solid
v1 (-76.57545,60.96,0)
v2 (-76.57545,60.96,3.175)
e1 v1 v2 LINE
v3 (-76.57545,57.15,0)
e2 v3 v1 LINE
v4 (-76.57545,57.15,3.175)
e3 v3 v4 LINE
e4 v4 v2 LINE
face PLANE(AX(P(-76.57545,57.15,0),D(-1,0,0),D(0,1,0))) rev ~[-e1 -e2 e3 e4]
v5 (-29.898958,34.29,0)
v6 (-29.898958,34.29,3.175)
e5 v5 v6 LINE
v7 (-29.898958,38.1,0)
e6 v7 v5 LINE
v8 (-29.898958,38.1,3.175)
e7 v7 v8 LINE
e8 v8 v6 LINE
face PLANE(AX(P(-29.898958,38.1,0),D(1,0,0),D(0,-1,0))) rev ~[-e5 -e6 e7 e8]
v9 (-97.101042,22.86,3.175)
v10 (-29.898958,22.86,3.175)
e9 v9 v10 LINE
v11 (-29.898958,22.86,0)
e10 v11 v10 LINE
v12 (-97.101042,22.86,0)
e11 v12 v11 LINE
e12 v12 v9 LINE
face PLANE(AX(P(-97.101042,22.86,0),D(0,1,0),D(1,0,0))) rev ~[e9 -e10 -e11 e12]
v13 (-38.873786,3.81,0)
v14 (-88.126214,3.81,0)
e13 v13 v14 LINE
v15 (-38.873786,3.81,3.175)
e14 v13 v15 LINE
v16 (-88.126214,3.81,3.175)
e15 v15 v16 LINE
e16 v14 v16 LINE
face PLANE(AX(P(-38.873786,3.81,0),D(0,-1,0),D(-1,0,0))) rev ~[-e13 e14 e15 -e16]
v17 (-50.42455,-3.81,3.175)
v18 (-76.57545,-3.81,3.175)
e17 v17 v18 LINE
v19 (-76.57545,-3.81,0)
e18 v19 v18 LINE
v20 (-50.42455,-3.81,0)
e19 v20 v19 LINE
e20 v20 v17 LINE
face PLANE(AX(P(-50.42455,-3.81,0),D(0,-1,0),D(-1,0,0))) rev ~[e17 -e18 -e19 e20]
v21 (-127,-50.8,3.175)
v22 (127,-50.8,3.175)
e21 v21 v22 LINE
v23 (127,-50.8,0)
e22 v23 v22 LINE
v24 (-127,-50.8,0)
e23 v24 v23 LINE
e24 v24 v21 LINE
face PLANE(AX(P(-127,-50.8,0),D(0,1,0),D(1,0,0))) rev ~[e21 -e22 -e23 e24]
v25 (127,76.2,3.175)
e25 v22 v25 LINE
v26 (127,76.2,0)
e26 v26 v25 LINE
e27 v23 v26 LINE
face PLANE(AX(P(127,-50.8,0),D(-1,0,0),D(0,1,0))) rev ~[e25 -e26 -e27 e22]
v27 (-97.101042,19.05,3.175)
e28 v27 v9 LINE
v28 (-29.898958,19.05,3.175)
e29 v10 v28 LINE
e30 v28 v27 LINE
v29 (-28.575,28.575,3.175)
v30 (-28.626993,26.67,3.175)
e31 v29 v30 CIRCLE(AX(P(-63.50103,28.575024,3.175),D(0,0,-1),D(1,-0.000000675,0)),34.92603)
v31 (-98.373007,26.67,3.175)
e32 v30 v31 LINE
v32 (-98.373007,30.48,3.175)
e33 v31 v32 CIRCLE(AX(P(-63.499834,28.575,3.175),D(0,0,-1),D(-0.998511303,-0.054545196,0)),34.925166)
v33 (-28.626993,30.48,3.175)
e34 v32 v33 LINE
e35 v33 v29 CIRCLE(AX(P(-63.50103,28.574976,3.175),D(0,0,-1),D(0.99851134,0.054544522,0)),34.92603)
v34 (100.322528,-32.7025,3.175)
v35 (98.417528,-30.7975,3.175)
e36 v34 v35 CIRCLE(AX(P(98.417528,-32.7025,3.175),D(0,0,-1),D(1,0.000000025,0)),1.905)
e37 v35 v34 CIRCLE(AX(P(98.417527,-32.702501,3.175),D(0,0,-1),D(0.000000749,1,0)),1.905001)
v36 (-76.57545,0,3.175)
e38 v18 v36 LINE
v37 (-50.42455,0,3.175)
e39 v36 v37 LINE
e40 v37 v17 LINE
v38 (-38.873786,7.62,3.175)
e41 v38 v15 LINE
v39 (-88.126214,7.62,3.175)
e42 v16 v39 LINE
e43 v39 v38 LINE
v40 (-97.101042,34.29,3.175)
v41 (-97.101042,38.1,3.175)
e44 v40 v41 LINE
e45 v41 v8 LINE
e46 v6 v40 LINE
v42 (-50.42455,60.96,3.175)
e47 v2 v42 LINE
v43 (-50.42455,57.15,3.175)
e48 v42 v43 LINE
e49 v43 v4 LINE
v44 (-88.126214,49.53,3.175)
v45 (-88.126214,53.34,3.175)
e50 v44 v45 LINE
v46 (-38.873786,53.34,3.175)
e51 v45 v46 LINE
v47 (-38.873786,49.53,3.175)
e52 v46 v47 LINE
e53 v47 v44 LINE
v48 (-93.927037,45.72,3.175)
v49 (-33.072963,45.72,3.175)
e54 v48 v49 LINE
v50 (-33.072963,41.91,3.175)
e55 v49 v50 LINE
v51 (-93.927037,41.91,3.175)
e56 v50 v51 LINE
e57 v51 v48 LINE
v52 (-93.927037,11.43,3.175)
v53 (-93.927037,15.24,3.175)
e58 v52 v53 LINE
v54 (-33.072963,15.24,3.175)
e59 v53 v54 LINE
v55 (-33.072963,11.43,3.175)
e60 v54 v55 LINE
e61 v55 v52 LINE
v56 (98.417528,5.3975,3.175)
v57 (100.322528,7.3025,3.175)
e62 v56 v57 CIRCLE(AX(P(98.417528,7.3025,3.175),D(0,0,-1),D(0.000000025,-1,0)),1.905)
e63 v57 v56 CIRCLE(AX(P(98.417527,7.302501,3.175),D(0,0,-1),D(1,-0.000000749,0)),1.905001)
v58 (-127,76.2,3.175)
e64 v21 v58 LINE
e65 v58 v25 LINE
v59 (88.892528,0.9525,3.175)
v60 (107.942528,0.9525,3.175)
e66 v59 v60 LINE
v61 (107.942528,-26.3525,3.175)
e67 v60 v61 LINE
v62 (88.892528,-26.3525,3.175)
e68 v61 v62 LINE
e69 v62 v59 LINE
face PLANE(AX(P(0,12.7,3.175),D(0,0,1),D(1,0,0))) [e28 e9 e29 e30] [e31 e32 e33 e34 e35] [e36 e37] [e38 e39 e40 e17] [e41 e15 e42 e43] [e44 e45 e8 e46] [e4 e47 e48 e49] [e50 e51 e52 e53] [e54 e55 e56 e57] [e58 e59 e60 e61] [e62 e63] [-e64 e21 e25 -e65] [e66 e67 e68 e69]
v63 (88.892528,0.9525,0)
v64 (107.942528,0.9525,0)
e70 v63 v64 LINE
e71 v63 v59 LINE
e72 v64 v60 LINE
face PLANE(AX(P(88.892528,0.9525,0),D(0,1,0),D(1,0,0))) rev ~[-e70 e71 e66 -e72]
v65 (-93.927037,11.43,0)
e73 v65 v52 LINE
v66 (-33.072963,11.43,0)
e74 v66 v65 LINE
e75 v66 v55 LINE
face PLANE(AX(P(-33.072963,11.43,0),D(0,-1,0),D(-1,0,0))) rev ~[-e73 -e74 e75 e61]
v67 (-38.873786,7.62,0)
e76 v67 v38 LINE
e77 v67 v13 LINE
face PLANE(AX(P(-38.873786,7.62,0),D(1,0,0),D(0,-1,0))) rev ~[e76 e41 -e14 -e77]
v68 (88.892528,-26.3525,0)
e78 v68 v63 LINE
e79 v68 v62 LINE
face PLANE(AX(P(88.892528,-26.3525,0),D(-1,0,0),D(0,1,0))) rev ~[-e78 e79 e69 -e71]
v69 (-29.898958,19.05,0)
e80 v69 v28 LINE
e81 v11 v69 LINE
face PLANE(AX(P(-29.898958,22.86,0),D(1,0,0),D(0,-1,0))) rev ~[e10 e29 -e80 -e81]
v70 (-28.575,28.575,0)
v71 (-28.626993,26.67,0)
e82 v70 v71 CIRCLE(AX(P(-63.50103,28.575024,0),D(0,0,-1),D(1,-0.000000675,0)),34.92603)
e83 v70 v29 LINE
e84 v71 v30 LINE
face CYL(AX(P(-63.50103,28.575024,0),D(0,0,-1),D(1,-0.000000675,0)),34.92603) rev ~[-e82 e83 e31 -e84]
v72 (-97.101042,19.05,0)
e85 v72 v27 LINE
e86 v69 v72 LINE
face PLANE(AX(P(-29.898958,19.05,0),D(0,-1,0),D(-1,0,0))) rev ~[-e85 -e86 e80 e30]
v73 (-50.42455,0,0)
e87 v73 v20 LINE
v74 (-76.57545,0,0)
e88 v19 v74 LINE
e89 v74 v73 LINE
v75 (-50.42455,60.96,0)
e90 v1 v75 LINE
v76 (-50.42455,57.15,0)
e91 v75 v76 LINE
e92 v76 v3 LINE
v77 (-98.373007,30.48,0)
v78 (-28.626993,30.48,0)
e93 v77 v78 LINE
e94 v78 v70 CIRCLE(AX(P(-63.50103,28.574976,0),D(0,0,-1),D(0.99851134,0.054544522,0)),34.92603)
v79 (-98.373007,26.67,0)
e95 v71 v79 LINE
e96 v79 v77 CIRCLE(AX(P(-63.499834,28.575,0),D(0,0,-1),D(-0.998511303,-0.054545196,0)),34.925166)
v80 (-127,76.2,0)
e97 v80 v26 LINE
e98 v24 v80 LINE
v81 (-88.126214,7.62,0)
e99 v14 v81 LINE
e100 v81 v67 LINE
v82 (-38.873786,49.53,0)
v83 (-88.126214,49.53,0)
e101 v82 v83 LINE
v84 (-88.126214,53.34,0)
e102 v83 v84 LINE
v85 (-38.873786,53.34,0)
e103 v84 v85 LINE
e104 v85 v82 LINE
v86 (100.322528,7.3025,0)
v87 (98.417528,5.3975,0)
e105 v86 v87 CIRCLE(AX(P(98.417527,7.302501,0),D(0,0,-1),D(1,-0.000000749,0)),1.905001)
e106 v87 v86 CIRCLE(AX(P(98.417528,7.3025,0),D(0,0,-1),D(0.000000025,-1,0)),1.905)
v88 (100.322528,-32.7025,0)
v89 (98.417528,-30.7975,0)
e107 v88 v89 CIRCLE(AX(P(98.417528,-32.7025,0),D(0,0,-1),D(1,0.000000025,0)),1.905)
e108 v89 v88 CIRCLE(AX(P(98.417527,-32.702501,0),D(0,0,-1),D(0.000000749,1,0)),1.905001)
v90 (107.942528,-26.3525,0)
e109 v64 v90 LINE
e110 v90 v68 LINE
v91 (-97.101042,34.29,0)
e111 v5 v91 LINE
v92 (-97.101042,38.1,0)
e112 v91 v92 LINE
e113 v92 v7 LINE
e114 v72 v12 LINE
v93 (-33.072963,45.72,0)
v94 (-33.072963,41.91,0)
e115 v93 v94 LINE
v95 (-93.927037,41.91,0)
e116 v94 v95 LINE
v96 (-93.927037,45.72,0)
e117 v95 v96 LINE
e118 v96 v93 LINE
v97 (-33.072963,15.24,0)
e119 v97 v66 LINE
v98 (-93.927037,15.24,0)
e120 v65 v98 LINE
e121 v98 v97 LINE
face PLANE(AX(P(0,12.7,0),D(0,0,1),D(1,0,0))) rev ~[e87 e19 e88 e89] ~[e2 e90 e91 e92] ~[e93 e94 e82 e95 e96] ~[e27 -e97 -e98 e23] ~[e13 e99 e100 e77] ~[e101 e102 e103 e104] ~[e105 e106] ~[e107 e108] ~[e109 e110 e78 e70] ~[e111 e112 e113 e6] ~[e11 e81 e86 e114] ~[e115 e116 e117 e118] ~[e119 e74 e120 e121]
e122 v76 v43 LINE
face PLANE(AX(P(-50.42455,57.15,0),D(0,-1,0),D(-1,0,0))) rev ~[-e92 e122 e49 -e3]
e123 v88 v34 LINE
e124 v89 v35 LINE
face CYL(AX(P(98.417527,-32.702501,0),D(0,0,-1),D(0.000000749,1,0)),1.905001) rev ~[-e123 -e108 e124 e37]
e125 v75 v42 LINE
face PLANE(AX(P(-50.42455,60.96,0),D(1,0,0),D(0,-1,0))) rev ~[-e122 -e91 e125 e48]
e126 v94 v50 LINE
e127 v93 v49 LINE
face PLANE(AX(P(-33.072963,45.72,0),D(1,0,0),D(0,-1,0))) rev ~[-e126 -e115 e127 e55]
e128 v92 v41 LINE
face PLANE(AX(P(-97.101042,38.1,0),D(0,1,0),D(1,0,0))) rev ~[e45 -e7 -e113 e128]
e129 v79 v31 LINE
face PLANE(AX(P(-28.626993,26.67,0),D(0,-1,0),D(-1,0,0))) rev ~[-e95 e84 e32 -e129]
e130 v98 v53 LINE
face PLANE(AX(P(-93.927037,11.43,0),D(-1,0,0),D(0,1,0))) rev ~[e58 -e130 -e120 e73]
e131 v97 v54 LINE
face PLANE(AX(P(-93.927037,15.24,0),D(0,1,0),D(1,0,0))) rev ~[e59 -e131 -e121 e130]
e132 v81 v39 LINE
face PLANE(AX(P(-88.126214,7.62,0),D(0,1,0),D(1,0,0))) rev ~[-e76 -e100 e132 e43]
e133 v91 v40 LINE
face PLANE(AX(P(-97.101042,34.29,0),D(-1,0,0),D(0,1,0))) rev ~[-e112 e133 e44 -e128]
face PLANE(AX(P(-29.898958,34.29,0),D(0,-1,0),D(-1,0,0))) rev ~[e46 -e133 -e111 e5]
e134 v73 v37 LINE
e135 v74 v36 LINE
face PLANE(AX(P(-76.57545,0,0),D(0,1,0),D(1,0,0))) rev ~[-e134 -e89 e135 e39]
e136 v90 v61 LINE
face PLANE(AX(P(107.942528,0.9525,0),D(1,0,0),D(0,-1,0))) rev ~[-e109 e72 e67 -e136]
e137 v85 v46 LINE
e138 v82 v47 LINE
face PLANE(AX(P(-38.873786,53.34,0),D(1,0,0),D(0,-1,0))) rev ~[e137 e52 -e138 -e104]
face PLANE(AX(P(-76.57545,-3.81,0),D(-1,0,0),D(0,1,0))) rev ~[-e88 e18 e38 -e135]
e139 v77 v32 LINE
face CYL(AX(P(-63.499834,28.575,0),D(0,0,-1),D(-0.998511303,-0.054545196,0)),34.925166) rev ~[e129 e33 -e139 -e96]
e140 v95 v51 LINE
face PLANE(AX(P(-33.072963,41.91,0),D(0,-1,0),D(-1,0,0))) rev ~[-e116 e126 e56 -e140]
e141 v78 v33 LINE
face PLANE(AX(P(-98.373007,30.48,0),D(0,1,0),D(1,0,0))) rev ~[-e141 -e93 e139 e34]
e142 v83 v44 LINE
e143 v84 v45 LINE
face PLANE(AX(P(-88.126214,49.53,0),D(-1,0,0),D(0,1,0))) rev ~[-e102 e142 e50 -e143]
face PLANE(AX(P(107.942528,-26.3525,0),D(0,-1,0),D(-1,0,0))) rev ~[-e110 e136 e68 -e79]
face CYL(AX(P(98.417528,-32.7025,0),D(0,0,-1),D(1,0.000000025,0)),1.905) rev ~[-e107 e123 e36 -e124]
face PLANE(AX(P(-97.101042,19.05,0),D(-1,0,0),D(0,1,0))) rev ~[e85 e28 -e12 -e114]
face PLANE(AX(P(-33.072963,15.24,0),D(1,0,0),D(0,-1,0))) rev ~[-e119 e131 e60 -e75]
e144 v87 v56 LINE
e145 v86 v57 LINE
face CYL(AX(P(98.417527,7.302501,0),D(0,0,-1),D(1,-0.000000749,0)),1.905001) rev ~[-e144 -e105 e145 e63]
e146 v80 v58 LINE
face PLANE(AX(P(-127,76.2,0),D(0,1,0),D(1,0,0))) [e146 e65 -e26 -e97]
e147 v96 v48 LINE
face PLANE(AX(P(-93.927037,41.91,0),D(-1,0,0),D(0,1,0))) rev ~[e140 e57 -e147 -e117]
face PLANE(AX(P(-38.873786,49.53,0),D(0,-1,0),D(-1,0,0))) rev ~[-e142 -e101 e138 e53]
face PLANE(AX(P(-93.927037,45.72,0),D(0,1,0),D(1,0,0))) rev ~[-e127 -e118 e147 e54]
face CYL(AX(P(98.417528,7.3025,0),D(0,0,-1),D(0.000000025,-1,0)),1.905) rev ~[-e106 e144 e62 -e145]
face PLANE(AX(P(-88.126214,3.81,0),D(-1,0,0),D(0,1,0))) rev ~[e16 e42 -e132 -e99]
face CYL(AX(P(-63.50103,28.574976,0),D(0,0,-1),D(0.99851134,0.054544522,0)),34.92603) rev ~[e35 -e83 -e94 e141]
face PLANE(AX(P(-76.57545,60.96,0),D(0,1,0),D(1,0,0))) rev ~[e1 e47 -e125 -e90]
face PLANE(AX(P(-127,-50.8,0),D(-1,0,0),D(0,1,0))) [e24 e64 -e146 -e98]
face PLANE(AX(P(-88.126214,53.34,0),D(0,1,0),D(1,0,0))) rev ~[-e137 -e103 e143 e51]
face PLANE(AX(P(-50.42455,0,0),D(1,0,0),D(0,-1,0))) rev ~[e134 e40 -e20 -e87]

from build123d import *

# Parameters (mm, degrees)
F0_W     = 254
F0_H     = 127
F1_DEPTH = 3.175


with BuildPart() as f1:
    # F0 (on Top) → F1 (new body)
    with BuildSketch(Plane.XY):
        with Locations((0, 12.7)):
            Rectangle(F0_W, F0_H)
        with BuildLine():
            ThreePointArc((100.322528, -32.7025), (97.070489, -34.049538), (98.417528, -30.7975))
            ThreePointArc((98.417528, -30.7975), (99.764566, -31.355462), (100.322528, -32.7025))
        make_face(mode=Mode.SUBTRACT)
        Polygon((107.942528, 0.9525), (107.942528, -26.3525), (98.417528, -26.3525), (88.892528, -26.3525), (88.892528, 0.9525), (98.417528, 0.9525), align=None, mode=Mode.SUBTRACT)
        with BuildLine():
            ThreePointArc((100.322528, 7.3025), (99.764566, 5.955462), (98.417528, 5.3975))
            ThreePointArc((98.417528, 5.3975), (97.070489, 8.649538), (100.322528, 7.3025))
        make_face(mode=Mode.SUBTRACT)
        with BuildLine():
            ThreePointArc((-28.626993, 30.48), (-28.588001, 29.527855), (-28.575, 28.575))
            ThreePointArc((-28.575, 28.575), (-28.588001, 27.622145), (-28.626993, 26.67))
            ThreePointArc((-28.626993, 26.67), (-28.784072, 24.759251), (-29.045764, 22.86))
            ThreePointArc((-29.045764, 22.86), (-29.419078, 20.943068), (-29.898958, 19.05))
            ThreePointArc((-29.898958, 19.05), (-30.504943, 17.125902), (-31.221007, 15.24))
            ThreePointArc((-31.221007, 15.24), (-32.089164, 13.306895), (-33.072963, 11.43))
            ThreePointArc((-33.072963, 11.43), (-34.254372, 9.484457), (-35.56, 7.62))
            ThreePointArc((-35.56, 7.62), (-37.147946, 5.655033), (-38.873786, 3.81))
            ThreePointArc((-38.873786, 3.81), (-41.065634, 1.808326), (-43.419537, 0))
            ThreePointArc((-43.419537, 0), (-46.812949, -2.105579), (-50.42455, -3.81))
            ThreePointArc((-50.42455, -3.81), (-63.5, -6.35), (-76.57545, -3.81))
            ThreePointArc((-76.57545, -3.81), (-80.187051, -2.105579), (-83.580463, 0))
            ThreePointArc((-83.580463, 0), (-85.934366, 1.808326), (-88.126214, 3.81))
            ThreePointArc((-88.126214, 3.81), (-89.852054, 5.655033), (-91.44, 7.62))
            ThreePointArc((-91.44, 7.62), (-92.745628, 9.484457), (-93.927037, 11.43))
            ThreePointArc((-93.927037, 11.43), (-94.910836, 13.306895), (-95.778993, 15.24))
            ThreePointArc((-95.778993, 15.24), (-96.495057, 17.125902), (-97.101042, 19.05))
            ThreePointArc((-97.101042, 19.05), (-97.580922, 20.943068), (-97.954236, 22.86))
            ThreePointArc((-97.954236, 22.86), (-98.215928, 24.759251), (-98.373007, 26.67))
            ThreePointArc((-98.373007, 26.67), (-98.425, 28.575), (-98.373007, 30.48))
            ThreePointArc((-98.373007, 30.48), (-98.215928, 32.390749), (-97.954236, 34.29))
            ThreePointArc((-97.954236, 34.29), (-97.580922, 36.206932), (-97.101042, 38.1))
            ThreePointArc((-97.101042, 38.1), (-96.495057, 40.024098), (-95.778993, 41.91))
            ThreePointArc((-95.778993, 41.91), (-94.910836, 43.843105), (-93.927037, 45.72))
            ThreePointArc((-93.927037, 45.72), (-92.745628, 47.665543), (-91.44, 49.53))
            ThreePointArc((-91.44, 49.53), (-89.852054, 51.494967), (-88.126214, 53.34))
            ThreePointArc((-88.126214, 53.34), (-85.934366, 55.341674), (-83.580463, 57.15))
            ThreePointArc((-83.580463, 57.15), (-80.187051, 59.255579), (-76.57545, 60.96))
            ThreePointArc((-76.57545, 60.96), (-63.5, 63.5), (-50.42455, 60.96))
            ThreePointArc((-50.42455, 60.96), (-46.812949, 59.255579), (-43.419537, 57.15))
            ThreePointArc((-43.419537, 57.15), (-41.065634, 55.341674), (-38.873786, 53.34))
            ThreePointArc((-38.873786, 53.34), (-37.147946, 51.494967), (-35.56, 49.53))
            ThreePointArc((-35.56, 49.53), (-34.254372, 47.665543), (-33.072963, 45.72))
            ThreePointArc((-33.072963, 45.72), (-32.089164, 43.843105), (-31.221007, 41.91))
            ThreePointArc((-31.221007, 41.91), (-30.504943, 40.024098), (-29.898958, 38.1))
            ThreePointArc((-29.898958, 38.1), (-29.419078, 36.206932), (-29.045764, 34.29))
            ThreePointArc((-29.045764, 34.29), (-28.784072, 32.390749), (-28.626993, 30.48))
        make_face(mode=Mode.SUBTRACT)
        with BuildLine():
            ThreePointArc((-76.57545, -3.81), (-63.5, -6.35), (-50.42455, -3.81))
            Line((-50.42455, -3.81), (-76.57545, -3.81))
        make_face()
        with BuildLine():
            ThreePointArc((-43.419537, 0), (-41.065634, 1.808326), (-38.873786, 3.81))
            Line((-38.873786, 3.81), (-88.126214, 3.81))
            ThreePointArc((-88.126214, 3.81), (-85.934366, 1.808326), (-83.580463, 0))
            Line((-83.580463, 0), (-76.57545, 0))
            Line((-76.57545, 0), (-50.42455, 0))
            Line((-50.42455, 0), (-43.419537, 0))
        make_face()
        with BuildLine():
            ThreePointArc((-50.42455, -3.81), (-46.812949, -2.105579), (-43.419537, 0))
            Line((-43.419537, 0), (-50.42455, 0))
            Line((-50.42455, 0), (-50.42455, -3.81))
        make_face()
        with BuildLine():
            Line((-76.57545, 0), (-83.580463, 0))
            ThreePointArc((-83.580463, 0), (-80.187051, -2.105579), (-76.57545, -3.81))
            Line((-76.57545, -3.81), (-76.57545, 0))
        make_face()
        with BuildLine():
            Line((-88.126214, 7.62), (-91.44, 7.62))
            ThreePointArc((-91.44, 7.62), (-89.852054, 5.655033), (-88.126214, 3.81))
            Line((-88.126214, 3.81), (-88.126214, 7.62))
        make_face()
        with BuildLine():
            ThreePointArc((-38.873786, 3.81), (-37.147946, 5.655033), (-35.56, 7.62))
            Line((-35.56, 7.62), (-38.873786, 7.62))
            Line((-38.873786, 7.62), (-38.873786, 3.81))
        make_face()
        with BuildLine():
            ThreePointArc((-35.56, 7.62), (-34.254372, 9.484457), (-33.072963, 11.43))
            Line((-33.072963, 11.43), (-93.927037, 11.43))
            ThreePointArc((-93.927037, 11.43), (-92.745628, 9.484457), (-91.44, 7.62))
            Line((-91.44, 7.62), (-88.126214, 7.62))
            Line((-88.126214, 7.62), (-38.873786, 7.62))
            Line((-38.873786, 7.62), (-35.56, 7.62))
        make_face()
        with BuildLine():
            ThreePointArc((-31.221007, 15.24), (-30.504943, 17.125902), (-29.898958, 19.05))
            Line((-29.898958, 19.05), (-97.101042, 19.05))
            ThreePointArc((-97.101042, 19.05), (-96.495057, 17.125902), (-95.778993, 15.24))
            Line((-95.778993, 15.24), (-93.927037, 15.24))
            Line((-93.927037, 15.24), (-33.072963, 15.24))
            Line((-33.072963, 15.24), (-31.221007, 15.24))
        make_face()
        with BuildLine():
            ThreePointArc((-33.072963, 11.43), (-32.089164, 13.306895), (-31.221007, 15.24))
            Line((-31.221007, 15.24), (-33.072963, 15.24))
            Line((-33.072963, 15.24), (-33.072963, 11.43))
        make_face()
        with BuildLine():
            Line((-93.927037, 15.24), (-95.778993, 15.24))
            ThreePointArc((-95.778993, 15.24), (-94.910836, 13.306895), (-93.927037, 11.43))
            Line((-93.927037, 11.43), (-93.927037, 15.24))
        make_face()
        with BuildLine():
            ThreePointArc((-29.898958, 19.05), (-29.419078, 20.943068), (-29.045764, 22.86))
            Line((-29.045764, 22.86), (-29.898958, 22.86))
            Line((-29.898958, 22.86), (-29.898958, 19.05))
        make_face()
        with BuildLine():
            Line((-97.101042, 22.86), (-97.954236, 22.86))
            ThreePointArc((-97.954236, 22.86), (-97.580922, 20.943068), (-97.101042, 19.05))
            Line((-97.101042, 19.05), (-97.101042, 22.86))
        make_face()
        with BuildLine():
            ThreePointArc((-29.045764, 22.86), (-28.784072, 24.759251), (-28.626993, 26.67))
            Line((-28.626993, 26.67), (-98.373007, 26.67))
            ThreePointArc((-98.373007, 26.67), (-98.215928, 24.759251), (-97.954236, 22.86))
            Line((-97.954236, 22.86), (-97.101042, 22.86))
            Line((-97.101042, 22.86), (-29.898958, 22.86))
            Line((-29.898958, 22.86), (-29.045764, 22.86))
        make_face()
        with BuildLine():
            Line((-98.373007, 30.48), (-28.626993, 30.48))
            ThreePointArc((-28.626993, 30.48), (-28.784072, 32.390749), (-29.045764, 34.29))
            Line((-29.045764, 34.29), (-29.898958, 34.29))
            Line((-29.898958, 34.29), (-97.101042, 34.29))
            Line((-97.101042, 34.29), (-97.954236, 34.29))
            ThreePointArc((-97.954236, 34.29), (-98.215928, 32.390749), (-98.373007, 30.48))
        make_face()
        with BuildLine():
            Line((-29.898958, 34.29), (-29.045764, 34.29))
            ThreePointArc((-29.045764, 34.29), (-29.419078, 36.206932), (-29.898958, 38.1))
            Line((-29.898958, 38.1), (-29.898958, 34.29))
        make_face()
        with BuildLine():
            ThreePointArc((-97.101042, 38.1), (-97.580922, 36.206932), (-97.954236, 34.29))
            Line((-97.954236, 34.29), (-97.101042, 34.29))
            Line((-97.101042, 34.29), (-97.101042, 38.1))
        make_face()
        with BuildLine():
            Line((-97.101042, 38.1), (-29.898958, 38.1))
            ThreePointArc((-29.898958, 38.1), (-30.504943, 40.024098), (-31.221007, 41.91))
            Line((-31.221007, 41.91), (-33.072963, 41.91))
            Line((-33.072963, 41.91), (-93.927037, 41.91))
            Line((-93.927037, 41.91), (-95.778993, 41.91))
            ThreePointArc((-95.778993, 41.91), (-96.495057, 40.024098), (-97.101042, 38.1))
        make_face()
        with BuildLine():
            Line((-33.072963, 41.91), (-31.221007, 41.91))
            ThreePointArc((-31.221007, 41.91), (-32.089164, 43.843105), (-33.072963, 45.72))
            Line((-33.072963, 45.72), (-33.072963, 41.91))
        make_face()
        with BuildLine():
            ThreePointArc((-93.927037, 45.72), (-94.910836, 43.843105), (-95.778993, 41.91))
            Line((-95.778993, 41.91), (-93.927037, 41.91))
            Line((-93.927037, 41.91), (-93.927037, 45.72))
        make_face()
        with BuildLine():
            Line((-93.927037, 45.72), (-33.072963, 45.72))
            ThreePointArc((-33.072963, 45.72), (-34.254372, 47.665543), (-35.56, 49.53))
            Line((-35.56, 49.53), (-38.873786, 49.53))
            Line((-38.873786, 49.53), (-88.126214, 49.53))
            Line((-88.126214, 49.53), (-91.44, 49.53))
            ThreePointArc((-91.44, 49.53), (-92.745628, 47.665543), (-93.927037, 45.72))
        make_face()
        with BuildLine():
            Line((-38.873786, 49.53), (-35.56, 49.53))
            ThreePointArc((-35.56, 49.53), (-37.147946, 51.494967), (-38.873786, 53.34))
            Line((-38.873786, 53.34), (-38.873786, 49.53))
        make_face()
        with BuildLine():
            ThreePointArc((-88.126214, 53.34), (-89.852054, 51.494967), (-91.44, 49.53))
            Line((-91.44, 49.53), (-88.126214, 49.53))
            Line((-88.126214, 49.53), (-88.126214, 53.34))
        make_face()
        with BuildLine():
            Line((-88.126214, 53.34), (-38.873786, 53.34))
            ThreePointArc((-38.873786, 53.34), (-41.065634, 55.341674), (-43.419537, 57.15))
            Line((-43.419537, 57.15), (-50.42455, 57.15))
            Line((-50.42455, 57.15), (-76.57545, 57.15))
            Line((-76.57545, 57.15), (-83.580463, 57.15))
            ThreePointArc((-83.580463, 57.15), (-85.934366, 55.341674), (-88.126214, 53.34))
        make_face()
        with BuildLine():
            Line((-50.42455, 57.15), (-43.419537, 57.15))
            ThreePointArc((-43.419537, 57.15), (-46.812949, 59.255579), (-50.42455, 60.96))
            Line((-50.42455, 60.96), (-50.42455, 57.15))
        make_face()
        with BuildLine():
            ThreePointArc((-76.57545, 60.96), (-80.187051, 59.255579), (-83.580463, 57.15))
            Line((-83.580463, 57.15), (-76.57545, 57.15))
            Line((-76.57545, 57.15), (-76.57545, 60.96))
        make_face()
        with BuildLine():
            Line((-76.57545, 60.96), (-50.42455, 60.96))
            ThreePointArc((-50.42455, 60.96), (-63.5, 63.5), (-76.57545, 60.96))
        make_face()
    extrude(amount=F1_DEPTH)


solid = f1.part
